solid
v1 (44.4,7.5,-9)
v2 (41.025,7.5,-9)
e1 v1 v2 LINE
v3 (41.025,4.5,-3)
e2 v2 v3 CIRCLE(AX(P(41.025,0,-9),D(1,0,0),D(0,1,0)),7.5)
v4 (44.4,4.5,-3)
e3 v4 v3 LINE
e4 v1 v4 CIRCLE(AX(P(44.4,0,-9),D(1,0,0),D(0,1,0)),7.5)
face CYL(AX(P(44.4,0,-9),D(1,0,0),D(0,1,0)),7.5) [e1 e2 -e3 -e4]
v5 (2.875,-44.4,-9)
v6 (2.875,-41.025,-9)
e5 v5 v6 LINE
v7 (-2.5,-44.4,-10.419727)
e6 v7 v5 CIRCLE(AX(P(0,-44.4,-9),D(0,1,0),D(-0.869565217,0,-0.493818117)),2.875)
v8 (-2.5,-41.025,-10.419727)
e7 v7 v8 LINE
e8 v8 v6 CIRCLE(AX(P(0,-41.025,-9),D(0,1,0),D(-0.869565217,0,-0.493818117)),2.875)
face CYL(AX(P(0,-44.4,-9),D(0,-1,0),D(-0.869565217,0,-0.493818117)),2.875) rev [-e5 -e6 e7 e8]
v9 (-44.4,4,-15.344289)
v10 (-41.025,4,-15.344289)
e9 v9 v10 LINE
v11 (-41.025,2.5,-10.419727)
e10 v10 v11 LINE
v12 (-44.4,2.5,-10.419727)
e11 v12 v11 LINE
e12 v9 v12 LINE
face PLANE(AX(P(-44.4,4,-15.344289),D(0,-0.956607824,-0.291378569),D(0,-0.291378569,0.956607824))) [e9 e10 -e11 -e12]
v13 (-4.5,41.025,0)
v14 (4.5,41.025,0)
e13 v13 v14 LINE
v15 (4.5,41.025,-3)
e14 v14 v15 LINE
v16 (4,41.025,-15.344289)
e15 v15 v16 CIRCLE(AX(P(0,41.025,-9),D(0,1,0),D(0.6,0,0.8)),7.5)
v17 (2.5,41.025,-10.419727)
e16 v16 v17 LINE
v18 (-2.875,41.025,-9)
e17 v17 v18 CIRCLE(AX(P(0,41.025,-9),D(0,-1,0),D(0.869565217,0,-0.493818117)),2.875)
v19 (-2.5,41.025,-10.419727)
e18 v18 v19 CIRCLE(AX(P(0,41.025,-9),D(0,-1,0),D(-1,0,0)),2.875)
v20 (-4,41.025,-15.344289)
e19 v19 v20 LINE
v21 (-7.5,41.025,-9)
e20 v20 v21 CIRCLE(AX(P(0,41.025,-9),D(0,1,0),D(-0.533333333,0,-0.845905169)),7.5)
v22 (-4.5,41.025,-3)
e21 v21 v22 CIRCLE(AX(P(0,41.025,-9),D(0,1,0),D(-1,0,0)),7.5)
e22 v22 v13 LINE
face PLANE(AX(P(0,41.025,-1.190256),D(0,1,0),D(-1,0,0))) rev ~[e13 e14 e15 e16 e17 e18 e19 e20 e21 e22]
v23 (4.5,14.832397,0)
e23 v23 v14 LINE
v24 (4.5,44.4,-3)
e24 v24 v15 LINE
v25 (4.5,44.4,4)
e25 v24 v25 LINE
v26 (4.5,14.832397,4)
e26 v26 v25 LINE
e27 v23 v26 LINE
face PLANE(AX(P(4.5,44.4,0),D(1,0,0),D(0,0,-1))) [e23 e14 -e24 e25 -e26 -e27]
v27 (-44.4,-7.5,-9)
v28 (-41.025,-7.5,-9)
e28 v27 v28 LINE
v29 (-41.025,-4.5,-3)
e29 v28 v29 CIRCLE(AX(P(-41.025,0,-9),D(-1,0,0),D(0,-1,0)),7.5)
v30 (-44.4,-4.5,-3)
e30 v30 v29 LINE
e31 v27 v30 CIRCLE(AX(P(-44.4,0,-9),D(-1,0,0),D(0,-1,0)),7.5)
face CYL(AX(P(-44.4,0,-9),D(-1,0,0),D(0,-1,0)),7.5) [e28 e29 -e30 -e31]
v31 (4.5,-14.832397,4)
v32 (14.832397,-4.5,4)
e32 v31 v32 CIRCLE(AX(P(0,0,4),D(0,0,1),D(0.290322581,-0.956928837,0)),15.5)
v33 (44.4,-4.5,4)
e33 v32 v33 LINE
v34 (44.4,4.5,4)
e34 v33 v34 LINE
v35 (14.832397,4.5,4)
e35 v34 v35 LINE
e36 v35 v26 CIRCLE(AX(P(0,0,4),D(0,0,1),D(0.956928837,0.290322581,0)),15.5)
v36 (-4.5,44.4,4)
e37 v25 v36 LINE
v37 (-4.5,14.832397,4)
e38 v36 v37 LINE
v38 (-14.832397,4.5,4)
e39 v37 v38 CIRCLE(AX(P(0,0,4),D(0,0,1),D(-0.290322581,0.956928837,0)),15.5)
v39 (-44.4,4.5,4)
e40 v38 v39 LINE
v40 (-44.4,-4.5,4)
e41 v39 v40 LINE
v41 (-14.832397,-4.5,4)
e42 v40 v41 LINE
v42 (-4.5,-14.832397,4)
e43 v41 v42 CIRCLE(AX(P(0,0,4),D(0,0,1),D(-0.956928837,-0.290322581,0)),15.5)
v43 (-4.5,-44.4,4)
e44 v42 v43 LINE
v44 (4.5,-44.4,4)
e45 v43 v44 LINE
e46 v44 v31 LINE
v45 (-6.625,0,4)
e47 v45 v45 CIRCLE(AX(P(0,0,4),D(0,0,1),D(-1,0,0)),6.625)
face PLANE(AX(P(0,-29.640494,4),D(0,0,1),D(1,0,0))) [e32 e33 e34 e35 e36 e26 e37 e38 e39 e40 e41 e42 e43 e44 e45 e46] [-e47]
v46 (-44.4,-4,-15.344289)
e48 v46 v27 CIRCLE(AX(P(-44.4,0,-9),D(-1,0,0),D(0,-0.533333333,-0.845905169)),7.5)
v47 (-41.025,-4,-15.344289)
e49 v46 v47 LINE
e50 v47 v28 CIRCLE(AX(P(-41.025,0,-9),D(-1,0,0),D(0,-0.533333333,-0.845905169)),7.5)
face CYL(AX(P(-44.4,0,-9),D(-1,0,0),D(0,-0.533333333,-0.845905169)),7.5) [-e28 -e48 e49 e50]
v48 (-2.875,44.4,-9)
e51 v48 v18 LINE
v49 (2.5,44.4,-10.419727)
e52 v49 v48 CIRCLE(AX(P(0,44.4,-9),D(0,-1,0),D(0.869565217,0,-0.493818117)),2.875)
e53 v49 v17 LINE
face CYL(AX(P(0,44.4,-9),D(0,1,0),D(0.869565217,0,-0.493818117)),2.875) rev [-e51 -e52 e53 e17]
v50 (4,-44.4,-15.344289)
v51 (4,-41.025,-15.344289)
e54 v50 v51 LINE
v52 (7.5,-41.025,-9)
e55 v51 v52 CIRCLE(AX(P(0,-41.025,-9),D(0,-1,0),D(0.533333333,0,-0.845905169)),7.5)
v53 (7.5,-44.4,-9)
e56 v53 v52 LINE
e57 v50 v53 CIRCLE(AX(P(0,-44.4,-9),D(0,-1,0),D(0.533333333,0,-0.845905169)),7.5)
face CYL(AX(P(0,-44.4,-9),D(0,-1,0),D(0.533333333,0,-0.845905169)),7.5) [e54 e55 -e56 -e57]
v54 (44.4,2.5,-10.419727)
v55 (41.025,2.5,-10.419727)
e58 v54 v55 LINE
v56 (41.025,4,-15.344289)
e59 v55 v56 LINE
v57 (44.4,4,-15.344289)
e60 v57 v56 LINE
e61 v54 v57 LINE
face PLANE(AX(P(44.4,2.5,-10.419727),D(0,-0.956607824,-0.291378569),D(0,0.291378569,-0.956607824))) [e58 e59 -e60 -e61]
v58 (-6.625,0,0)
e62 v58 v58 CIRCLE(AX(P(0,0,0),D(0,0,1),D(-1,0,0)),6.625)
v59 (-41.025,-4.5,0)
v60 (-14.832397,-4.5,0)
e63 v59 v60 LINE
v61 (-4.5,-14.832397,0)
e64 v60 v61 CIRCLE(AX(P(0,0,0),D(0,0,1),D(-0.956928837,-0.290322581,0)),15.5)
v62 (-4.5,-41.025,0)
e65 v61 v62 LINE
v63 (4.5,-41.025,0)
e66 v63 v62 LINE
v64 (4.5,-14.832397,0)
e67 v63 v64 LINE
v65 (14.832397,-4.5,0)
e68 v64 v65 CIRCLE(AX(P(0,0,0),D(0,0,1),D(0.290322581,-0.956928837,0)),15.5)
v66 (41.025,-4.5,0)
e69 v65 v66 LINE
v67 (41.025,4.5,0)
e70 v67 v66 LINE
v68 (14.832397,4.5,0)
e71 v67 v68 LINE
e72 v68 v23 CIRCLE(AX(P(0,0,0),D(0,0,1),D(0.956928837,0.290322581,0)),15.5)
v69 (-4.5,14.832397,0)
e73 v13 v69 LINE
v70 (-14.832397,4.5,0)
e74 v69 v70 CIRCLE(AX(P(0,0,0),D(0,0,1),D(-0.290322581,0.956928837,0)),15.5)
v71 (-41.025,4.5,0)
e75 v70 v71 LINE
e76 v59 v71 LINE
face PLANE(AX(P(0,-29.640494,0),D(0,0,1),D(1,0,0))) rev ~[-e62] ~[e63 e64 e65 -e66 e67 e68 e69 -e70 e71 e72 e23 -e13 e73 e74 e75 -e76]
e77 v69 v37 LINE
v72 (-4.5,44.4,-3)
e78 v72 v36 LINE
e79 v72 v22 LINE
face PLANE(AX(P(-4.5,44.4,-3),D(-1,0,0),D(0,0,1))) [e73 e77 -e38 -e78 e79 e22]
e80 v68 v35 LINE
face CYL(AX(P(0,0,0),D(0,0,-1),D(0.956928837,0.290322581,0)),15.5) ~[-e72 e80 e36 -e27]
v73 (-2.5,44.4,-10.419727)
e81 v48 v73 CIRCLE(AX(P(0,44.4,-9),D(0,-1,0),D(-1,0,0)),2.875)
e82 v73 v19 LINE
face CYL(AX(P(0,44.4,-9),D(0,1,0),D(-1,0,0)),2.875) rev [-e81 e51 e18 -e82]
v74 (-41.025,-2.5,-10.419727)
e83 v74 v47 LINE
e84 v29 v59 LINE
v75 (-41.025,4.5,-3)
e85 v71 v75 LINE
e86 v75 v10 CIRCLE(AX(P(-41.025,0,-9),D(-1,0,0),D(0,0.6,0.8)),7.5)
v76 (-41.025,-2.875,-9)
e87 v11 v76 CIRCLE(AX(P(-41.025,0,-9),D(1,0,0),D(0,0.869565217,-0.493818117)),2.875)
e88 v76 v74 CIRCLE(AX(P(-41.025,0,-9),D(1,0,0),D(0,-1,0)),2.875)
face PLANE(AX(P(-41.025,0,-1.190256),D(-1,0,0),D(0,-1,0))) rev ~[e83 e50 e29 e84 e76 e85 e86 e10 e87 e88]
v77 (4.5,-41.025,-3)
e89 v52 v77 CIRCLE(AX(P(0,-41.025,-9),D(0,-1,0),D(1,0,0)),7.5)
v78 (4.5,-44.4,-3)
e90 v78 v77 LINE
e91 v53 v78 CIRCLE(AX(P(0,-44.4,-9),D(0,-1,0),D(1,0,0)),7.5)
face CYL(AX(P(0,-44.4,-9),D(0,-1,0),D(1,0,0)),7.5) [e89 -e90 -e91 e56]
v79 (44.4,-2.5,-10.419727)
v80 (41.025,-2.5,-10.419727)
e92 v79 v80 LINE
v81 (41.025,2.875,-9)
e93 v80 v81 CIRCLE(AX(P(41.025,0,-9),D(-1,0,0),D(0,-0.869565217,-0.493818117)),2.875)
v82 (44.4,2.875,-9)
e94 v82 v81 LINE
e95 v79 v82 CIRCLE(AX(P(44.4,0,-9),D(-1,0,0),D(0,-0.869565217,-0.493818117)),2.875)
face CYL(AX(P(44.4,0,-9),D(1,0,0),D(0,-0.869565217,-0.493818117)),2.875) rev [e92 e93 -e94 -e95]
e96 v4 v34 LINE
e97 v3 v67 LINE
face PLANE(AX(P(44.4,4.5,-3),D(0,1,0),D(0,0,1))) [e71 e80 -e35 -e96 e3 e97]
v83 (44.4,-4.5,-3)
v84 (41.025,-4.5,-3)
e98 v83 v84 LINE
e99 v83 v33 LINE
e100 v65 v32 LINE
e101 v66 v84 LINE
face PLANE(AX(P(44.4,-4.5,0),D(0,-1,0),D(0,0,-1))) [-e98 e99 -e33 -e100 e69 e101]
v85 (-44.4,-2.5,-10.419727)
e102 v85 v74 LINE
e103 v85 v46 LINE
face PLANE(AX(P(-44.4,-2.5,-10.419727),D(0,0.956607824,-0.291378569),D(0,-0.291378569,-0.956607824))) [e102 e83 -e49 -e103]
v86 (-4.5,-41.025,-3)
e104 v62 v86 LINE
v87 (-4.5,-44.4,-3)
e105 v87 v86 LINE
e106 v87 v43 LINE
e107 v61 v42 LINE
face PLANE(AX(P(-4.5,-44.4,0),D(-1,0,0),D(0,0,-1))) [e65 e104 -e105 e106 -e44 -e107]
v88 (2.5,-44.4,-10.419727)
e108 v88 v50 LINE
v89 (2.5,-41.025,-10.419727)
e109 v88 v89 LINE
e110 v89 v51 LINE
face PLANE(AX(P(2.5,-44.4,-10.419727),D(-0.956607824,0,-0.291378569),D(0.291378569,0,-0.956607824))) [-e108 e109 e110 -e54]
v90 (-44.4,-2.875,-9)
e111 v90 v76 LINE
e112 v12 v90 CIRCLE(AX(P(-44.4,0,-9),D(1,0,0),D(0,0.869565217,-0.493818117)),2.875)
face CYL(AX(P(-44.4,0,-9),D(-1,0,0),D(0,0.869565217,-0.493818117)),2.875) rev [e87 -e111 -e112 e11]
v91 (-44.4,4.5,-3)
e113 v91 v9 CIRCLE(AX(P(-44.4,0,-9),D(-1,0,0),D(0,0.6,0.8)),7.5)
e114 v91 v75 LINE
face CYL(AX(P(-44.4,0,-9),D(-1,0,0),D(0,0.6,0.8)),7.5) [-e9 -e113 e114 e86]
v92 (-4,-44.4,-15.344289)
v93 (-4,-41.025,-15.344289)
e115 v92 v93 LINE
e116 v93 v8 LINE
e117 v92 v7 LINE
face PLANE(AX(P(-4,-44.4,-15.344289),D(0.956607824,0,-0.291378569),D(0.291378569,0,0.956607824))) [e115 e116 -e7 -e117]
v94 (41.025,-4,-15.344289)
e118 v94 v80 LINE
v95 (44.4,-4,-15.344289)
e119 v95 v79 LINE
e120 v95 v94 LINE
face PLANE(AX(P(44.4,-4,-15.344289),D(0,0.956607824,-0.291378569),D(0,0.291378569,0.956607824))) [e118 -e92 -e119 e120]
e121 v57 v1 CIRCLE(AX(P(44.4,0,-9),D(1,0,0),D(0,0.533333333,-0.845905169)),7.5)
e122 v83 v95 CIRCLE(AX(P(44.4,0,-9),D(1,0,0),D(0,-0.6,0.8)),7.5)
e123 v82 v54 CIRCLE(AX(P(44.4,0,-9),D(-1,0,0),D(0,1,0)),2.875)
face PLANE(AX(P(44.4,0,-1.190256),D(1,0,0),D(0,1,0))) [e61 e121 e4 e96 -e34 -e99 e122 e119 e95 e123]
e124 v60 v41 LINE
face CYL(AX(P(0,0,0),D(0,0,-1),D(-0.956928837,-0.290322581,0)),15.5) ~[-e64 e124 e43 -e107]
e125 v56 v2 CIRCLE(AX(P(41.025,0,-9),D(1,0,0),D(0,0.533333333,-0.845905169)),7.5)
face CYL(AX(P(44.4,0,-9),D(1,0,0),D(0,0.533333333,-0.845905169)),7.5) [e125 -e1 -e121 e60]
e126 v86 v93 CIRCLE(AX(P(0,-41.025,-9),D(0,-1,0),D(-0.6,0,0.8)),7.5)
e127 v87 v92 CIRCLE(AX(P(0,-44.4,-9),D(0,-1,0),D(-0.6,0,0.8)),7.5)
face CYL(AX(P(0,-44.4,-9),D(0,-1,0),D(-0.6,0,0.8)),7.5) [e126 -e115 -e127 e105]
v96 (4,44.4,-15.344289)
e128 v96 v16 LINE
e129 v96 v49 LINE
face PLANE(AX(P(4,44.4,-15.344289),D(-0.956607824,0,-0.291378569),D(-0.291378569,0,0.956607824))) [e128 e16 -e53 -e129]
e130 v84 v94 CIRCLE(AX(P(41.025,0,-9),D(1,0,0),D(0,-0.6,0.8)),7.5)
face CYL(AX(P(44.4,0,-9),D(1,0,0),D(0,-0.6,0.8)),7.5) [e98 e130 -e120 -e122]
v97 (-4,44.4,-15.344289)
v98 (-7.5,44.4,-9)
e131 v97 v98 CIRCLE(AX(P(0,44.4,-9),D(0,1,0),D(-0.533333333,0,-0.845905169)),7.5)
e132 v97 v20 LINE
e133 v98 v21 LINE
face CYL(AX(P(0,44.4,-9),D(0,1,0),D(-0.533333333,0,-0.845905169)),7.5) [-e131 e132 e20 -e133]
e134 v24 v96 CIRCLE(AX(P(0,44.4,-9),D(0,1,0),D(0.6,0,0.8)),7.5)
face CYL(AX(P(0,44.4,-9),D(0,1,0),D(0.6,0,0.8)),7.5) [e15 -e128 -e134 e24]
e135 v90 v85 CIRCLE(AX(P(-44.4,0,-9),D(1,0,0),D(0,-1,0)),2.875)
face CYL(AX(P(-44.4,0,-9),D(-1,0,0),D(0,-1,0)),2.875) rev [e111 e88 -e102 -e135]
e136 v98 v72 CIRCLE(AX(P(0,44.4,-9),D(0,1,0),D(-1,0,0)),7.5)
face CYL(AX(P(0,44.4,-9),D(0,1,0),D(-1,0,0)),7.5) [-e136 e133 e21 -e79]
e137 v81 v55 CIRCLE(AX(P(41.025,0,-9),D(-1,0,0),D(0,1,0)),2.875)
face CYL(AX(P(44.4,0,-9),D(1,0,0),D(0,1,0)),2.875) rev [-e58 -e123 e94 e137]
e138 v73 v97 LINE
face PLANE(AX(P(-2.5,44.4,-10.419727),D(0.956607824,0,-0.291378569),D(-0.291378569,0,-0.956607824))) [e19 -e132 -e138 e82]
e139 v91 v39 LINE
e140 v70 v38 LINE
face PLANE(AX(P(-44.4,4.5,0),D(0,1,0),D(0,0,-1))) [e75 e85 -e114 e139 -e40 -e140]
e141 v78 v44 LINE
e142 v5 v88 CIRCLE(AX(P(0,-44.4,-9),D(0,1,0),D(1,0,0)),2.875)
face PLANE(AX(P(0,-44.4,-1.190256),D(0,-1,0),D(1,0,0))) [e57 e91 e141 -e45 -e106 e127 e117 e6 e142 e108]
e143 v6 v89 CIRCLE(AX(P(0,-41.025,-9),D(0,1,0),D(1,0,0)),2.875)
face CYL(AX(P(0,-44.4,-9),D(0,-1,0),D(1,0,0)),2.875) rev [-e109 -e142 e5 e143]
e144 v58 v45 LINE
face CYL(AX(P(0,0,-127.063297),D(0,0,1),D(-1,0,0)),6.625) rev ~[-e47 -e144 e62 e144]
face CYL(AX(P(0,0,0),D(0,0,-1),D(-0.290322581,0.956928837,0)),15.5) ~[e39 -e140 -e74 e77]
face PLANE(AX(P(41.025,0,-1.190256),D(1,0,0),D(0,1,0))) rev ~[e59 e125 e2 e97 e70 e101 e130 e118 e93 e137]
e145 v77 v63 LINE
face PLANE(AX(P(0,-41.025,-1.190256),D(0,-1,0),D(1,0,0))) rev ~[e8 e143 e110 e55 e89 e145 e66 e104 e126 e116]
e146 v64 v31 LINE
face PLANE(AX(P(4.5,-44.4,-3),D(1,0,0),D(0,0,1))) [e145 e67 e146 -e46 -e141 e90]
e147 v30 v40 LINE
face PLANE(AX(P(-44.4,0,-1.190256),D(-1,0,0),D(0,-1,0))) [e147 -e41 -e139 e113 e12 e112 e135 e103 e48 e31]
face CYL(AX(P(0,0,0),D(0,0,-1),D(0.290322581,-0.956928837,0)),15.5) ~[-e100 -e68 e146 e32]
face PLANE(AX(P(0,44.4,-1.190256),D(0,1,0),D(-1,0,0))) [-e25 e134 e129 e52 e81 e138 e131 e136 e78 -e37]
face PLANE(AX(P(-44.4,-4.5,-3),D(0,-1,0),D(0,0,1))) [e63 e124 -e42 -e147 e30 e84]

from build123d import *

# Parameters (mm, degrees)
F0_W      = 9
F0_H      = 9
F1_DEPTH  = 4
F7_DEPTH  = 3.375
F8_DEPTH  = 3.375
F9_DEPTH  = 3.375
F10_DEPTH = 3.375
F11_D     = 13.25


with BuildPart() as f1:
    # F0 (on Top) → F1 (new body)
    with BuildSketch(Plane.XY):
        with BuildLine():
            ThreePointArc((4.5, -14.8323969742), (0, -15.5), (-4.5, -14.8323969742))
            Line((-4.5, -14.8323969742), (-4.5, -44.4))
            Line((-4.5, -44.4), (4.5, -44.4))
            Line((4.5, -44.4), (4.5, -14.8323969742))
        make_face()
        with BuildLine():
            Line((4.5, -4.5), (-4.5, -4.5))
            Line((-4.5, -4.5), (-4.5, -14.8323969742))
            ThreePointArc((-4.5, -14.8323969742), (0, -15.5), (4.5, -14.8323969742))
            Line((4.5, -14.8323969742), (4.5, -4.5))
        make_face()
        with BuildLine():
            Line((-4.5, -4.5), (-14.8323969742, -4.5))
            ThreePointArc((-14.8323969742, -4.5), (-10.9601551084, -10.9601551084), (-4.5, -14.8323969742))
            Line((-4.5, -14.8323969742), (-4.5, -4.5))
        make_face()
        with BuildLine():
            Line((-4.5, 4.5), (-14.8323969742, 4.5))
            ThreePointArc((-14.8323969742, 4.5), (-15.5, 0), (-14.8323969742, -4.5))
            Line((-14.8323969742, -4.5), (-4.5, -4.5))
            Line((-4.5, -4.5), (-4.5, 4.5))
        make_face()
        with BuildLine():
            Line((14.8323969742, -4.5), (4.5, -4.5))
            Line((4.5, -4.5), (4.5, -14.8323969742))
            ThreePointArc((4.5, -14.8323969742), (10.9601551084, -10.9601551084), (14.8323969742, -4.5))
        make_face()
        with BuildLine():
            Line((14.8323969742, 4.5), (4.5, 4.5))
            Line((4.5, 4.5), (4.5, -4.5))
            Line((4.5, -4.5), (14.8323969742, -4.5))
            ThreePointArc((14.8323969742, -4.5), (15.3321908594, -2.2746260022), (15.5, 0))
            ThreePointArc((15.5, 0), (15.3321908594, 2.2746260022), (14.8323969742, 4.5))
        make_face()
        with BuildLine():
            Line((44.4, 4.5), (14.8323969742, 4.5))
            ThreePointArc((14.8323969742, 4.5), (15.3321908594, 2.2746260022), (15.5, 0))
            ThreePointArc((15.5, 0), (15.3321908594, -2.2746260022), (14.8323969742, -4.5))
            Line((14.8323969742, -4.5), (44.4, -4.5))
            Line((44.4, -4.5), (44.4, 4.5))
        make_face()
        with BuildLine():
            Line((-14.8323969742, 4.5), (-44.4, 4.5))
            Line((-44.4, 4.5), (-44.4, -4.5))
            Line((-44.4, -4.5), (-14.8323969742, -4.5))
            ThreePointArc((-14.8323969742, -4.5), (-15.5, 0), (-14.8323969742, 4.5))
        make_face()
        Rectangle(F0_W, F0_H)
        with BuildLine():
            Line((-4.5, 14.8323969742), (-4.5, 4.5))
            Line((-4.5, 4.5), (4.5, 4.5))
            Line((4.5, 4.5), (4.5, 14.8323969742))
            ThreePointArc((4.5, 14.8323969742), (0, 15.5), (-4.5, 14.8323969742))
        make_face()
        with BuildLine():
            Line((4.5, 14.8323969742), (4.5, 4.5))
            Line((4.5, 4.5), (14.8323969742, 4.5))
            ThreePointArc((14.8323969742, 4.5), (10.9601551084, 10.9601551084), (4.5, 14.8323969742))
        make_face()
        with BuildLine():
            Line((-4.5, 44.4), (-4.5, 14.8323969742))
            ThreePointArc((-4.5, 14.8323969742), (0, 15.5), (4.5, 14.8323969742))
            Line((4.5, 14.8323969742), (4.5, 44.4))
            Line((4.5, 44.4), (-4.5, 44.4))
        make_face()
        with BuildLine():
            ThreePointArc((-4.5, 14.8323969742), (-10.9601551084, 10.9601551084), (-14.8323969742, 4.5))
            Line((-14.8323969742, 4.5), (-4.5, 4.5))
            Line((-4.5, 4.5), (-4.5, 14.8323969742))
        make_face()
    extrude(amount=F1_DEPTH)

    # F3 (on face) → F7 (join)
    with BuildSketch(Plane.XZ.offset(44.4)):
        with BuildLine():
            Line((4.5, 0), (-4.5, 0))
            Line((-4.5, 0), (-4.5, -3))
            ThreePointArc((-4.5, -3), (0, -1.5), (4.5, -3))
            Line((4.5, -3), (4.5, 0))
        make_face()
        with BuildLine():
            Line((4.5, -3), (-4.5, -3))
            ThreePointArc((-4.5, -3), (-7.4938552368, -9.3035353181), (-4, -15.3442887702))
            Line((-4, -15.3442887702), (-2.5, -10.4197270865))
            ThreePointArc((-2.5, -10.4197270865), (-0.7342087578, -6.2203305053), (2.875, -9))
            ThreePointArc((2.875, -9), (2.7796694947, -9.7342087578), (2.5, -10.4197270865))
            Line((2.5, -10.4197270865), (4, -15.3442887702))
            ThreePointArc((4, -15.3442887702), (6.5669627683, -12.6228441865), (7.5, -9))
            ThreePointArc((7.5, -9), (6.7082039325, -5.6458980338), (4.5, -3))
        make_face()
        with BuildLine():
            ThreePointArc((4.5, -3), (0, -1.5), (-4.5, -3))
            Line((-4.5, -3), (4.5, -3))
        make_face()
    extrude(amount=-F7_DEPTH)

    # F6 (on face) → F8 (join)
    with BuildSketch(Plane.YZ.offset(44.4)):
        with BuildLine():
            Line((4.5, 0), (-4.5, 0))
            Line((-4.5, 0), (-4.5, -3))
            ThreePointArc((-4.5, -3), (0, -1.5), (4.5, -3))
            Line((4.5, -3), (4.5, 0))
        make_face()
        with BuildLine():
            ThreePointArc((4.5, -3), (0, -1.5), (-4.5, -3))
            Line((-4.5, -3), (4.5, -3))
        make_face()
        with BuildLine():
            Line((4.5, -3), (-4.5, -3))
            ThreePointArc((-4.5, -3), (-7.4938552368, -9.3035353181), (-4, -15.3442887702))
            Line((-4, -15.3442887702), (-2.5, -10.4197270865))
            ThreePointArc((-2.5, -10.4197270865), (-0.7342087578, -6.2203305053), (2.875, -9))
            ThreePointArc((2.875, -9), (2.7796694947, -9.7342087578), (2.5, -10.4197270865))
            Line((2.5, -10.4197270865), (4, -15.3442887702))
            ThreePointArc((4, -15.3442887702), (6.5669627683, -12.6228441865), (7.5, -9))
            ThreePointArc((7.5, -9), (6.7082039325, -5.6458980338), (4.5, -3))
        make_face()
    extrude(amount=-F8_DEPTH)

    # F5 (on face) → F9 (join)
    with BuildSketch(Plane(origin=(0, 44.4, 0), x_dir=(-1, 0, 0), z_dir=(0, 1, 0))):
        with BuildLine():
            Line((4.5, 0), (-4.5, 0))
            Line((-4.5, 0), (-4.5, -3))
            ThreePointArc((-4.5, -3), (0, -1.5), (4.5, -3))
            Line((4.5, -3), (4.5, 0))
        make_face()
        with BuildLine():
            ThreePointArc((4.5, -3), (0, -1.5), (-4.5, -3))
            Line((-4.5, -3), (4.5, -3))
        make_face()
        with BuildLine():
            Line((4.5, -3), (-4.5, -3))
            ThreePointArc((-4.5, -3), (-7.4938552368, -9.3035353181), (-4, -15.3442887702))
            Line((-4, -15.3442887702), (-2.5, -10.4197270865))
            ThreePointArc((-2.5, -10.4197270865), (-0.7342087578, -6.2203305053), (2.875, -9))
            ThreePointArc((2.875, -9), (2.7796694947, -9.7342087578), (2.5, -10.4197270865))
            Line((2.5, -10.4197270865), (4, -15.3442887702))
            ThreePointArc((4, -15.3442887702), (6.5669627683, -12.6228441865), (7.5, -9))
            ThreePointArc((7.5, -9), (6.7082039325, -5.6458980338), (4.5, -3))
        make_face()
    extrude(amount=-F9_DEPTH)

    # F4 (on face) → F10 (join)
    with BuildSketch(Plane(origin=(-44.4, 0, 0), x_dir=(0, -1, 0), z_dir=(-1, 0, 0))):
        with BuildLine():
            Line((4.5, 0), (-4.5, 0))
            Line((-4.5, 0), (-4.5, -3))
            ThreePointArc((-4.5, -3), (0, -1.5), (4.5, -3))
            Line((4.5, -3), (4.5, 0))
        make_face()
        with BuildLine():
            Line((4.5, -3), (-4.5, -3))
            ThreePointArc((-4.5, -3), (-7.4938552368, -9.3035353181), (-4, -15.3442887702))
            Line((-4, -15.3442887702), (-2.5, -10.4197270865))
            ThreePointArc((-2.5, -10.4197270865), (-0.7342087578, -6.2203305053), (2.875, -9))
            ThreePointArc((2.875, -9), (2.7796694947, -9.7342087578), (2.5, -10.4197270865))
            Line((2.5, -10.4197270865), (4, -15.3442887702))
            ThreePointArc((4, -15.3442887702), (6.5669627683, -12.6228441865), (7.5, -9))
            ThreePointArc((7.5, -9), (6.7082039325, -5.6458980338), (4.5, -3))
        make_face()
        with BuildLine():
            ThreePointArc((4.5, -3), (0, -1.5), (-4.5, -3))
            Line((-4.5, -3), (4.5, -3))
        make_face()
    extrude(amount=-F10_DEPTH)

    # F11 (through all)
    with Locations(Plane(origin=(0, 0, 0), x_dir=(1, 0, 0), z_dir=(0, 0, -1))):
        with Locations((0, 0)):
            Hole(F11_D / 2)


solid = f1.part
